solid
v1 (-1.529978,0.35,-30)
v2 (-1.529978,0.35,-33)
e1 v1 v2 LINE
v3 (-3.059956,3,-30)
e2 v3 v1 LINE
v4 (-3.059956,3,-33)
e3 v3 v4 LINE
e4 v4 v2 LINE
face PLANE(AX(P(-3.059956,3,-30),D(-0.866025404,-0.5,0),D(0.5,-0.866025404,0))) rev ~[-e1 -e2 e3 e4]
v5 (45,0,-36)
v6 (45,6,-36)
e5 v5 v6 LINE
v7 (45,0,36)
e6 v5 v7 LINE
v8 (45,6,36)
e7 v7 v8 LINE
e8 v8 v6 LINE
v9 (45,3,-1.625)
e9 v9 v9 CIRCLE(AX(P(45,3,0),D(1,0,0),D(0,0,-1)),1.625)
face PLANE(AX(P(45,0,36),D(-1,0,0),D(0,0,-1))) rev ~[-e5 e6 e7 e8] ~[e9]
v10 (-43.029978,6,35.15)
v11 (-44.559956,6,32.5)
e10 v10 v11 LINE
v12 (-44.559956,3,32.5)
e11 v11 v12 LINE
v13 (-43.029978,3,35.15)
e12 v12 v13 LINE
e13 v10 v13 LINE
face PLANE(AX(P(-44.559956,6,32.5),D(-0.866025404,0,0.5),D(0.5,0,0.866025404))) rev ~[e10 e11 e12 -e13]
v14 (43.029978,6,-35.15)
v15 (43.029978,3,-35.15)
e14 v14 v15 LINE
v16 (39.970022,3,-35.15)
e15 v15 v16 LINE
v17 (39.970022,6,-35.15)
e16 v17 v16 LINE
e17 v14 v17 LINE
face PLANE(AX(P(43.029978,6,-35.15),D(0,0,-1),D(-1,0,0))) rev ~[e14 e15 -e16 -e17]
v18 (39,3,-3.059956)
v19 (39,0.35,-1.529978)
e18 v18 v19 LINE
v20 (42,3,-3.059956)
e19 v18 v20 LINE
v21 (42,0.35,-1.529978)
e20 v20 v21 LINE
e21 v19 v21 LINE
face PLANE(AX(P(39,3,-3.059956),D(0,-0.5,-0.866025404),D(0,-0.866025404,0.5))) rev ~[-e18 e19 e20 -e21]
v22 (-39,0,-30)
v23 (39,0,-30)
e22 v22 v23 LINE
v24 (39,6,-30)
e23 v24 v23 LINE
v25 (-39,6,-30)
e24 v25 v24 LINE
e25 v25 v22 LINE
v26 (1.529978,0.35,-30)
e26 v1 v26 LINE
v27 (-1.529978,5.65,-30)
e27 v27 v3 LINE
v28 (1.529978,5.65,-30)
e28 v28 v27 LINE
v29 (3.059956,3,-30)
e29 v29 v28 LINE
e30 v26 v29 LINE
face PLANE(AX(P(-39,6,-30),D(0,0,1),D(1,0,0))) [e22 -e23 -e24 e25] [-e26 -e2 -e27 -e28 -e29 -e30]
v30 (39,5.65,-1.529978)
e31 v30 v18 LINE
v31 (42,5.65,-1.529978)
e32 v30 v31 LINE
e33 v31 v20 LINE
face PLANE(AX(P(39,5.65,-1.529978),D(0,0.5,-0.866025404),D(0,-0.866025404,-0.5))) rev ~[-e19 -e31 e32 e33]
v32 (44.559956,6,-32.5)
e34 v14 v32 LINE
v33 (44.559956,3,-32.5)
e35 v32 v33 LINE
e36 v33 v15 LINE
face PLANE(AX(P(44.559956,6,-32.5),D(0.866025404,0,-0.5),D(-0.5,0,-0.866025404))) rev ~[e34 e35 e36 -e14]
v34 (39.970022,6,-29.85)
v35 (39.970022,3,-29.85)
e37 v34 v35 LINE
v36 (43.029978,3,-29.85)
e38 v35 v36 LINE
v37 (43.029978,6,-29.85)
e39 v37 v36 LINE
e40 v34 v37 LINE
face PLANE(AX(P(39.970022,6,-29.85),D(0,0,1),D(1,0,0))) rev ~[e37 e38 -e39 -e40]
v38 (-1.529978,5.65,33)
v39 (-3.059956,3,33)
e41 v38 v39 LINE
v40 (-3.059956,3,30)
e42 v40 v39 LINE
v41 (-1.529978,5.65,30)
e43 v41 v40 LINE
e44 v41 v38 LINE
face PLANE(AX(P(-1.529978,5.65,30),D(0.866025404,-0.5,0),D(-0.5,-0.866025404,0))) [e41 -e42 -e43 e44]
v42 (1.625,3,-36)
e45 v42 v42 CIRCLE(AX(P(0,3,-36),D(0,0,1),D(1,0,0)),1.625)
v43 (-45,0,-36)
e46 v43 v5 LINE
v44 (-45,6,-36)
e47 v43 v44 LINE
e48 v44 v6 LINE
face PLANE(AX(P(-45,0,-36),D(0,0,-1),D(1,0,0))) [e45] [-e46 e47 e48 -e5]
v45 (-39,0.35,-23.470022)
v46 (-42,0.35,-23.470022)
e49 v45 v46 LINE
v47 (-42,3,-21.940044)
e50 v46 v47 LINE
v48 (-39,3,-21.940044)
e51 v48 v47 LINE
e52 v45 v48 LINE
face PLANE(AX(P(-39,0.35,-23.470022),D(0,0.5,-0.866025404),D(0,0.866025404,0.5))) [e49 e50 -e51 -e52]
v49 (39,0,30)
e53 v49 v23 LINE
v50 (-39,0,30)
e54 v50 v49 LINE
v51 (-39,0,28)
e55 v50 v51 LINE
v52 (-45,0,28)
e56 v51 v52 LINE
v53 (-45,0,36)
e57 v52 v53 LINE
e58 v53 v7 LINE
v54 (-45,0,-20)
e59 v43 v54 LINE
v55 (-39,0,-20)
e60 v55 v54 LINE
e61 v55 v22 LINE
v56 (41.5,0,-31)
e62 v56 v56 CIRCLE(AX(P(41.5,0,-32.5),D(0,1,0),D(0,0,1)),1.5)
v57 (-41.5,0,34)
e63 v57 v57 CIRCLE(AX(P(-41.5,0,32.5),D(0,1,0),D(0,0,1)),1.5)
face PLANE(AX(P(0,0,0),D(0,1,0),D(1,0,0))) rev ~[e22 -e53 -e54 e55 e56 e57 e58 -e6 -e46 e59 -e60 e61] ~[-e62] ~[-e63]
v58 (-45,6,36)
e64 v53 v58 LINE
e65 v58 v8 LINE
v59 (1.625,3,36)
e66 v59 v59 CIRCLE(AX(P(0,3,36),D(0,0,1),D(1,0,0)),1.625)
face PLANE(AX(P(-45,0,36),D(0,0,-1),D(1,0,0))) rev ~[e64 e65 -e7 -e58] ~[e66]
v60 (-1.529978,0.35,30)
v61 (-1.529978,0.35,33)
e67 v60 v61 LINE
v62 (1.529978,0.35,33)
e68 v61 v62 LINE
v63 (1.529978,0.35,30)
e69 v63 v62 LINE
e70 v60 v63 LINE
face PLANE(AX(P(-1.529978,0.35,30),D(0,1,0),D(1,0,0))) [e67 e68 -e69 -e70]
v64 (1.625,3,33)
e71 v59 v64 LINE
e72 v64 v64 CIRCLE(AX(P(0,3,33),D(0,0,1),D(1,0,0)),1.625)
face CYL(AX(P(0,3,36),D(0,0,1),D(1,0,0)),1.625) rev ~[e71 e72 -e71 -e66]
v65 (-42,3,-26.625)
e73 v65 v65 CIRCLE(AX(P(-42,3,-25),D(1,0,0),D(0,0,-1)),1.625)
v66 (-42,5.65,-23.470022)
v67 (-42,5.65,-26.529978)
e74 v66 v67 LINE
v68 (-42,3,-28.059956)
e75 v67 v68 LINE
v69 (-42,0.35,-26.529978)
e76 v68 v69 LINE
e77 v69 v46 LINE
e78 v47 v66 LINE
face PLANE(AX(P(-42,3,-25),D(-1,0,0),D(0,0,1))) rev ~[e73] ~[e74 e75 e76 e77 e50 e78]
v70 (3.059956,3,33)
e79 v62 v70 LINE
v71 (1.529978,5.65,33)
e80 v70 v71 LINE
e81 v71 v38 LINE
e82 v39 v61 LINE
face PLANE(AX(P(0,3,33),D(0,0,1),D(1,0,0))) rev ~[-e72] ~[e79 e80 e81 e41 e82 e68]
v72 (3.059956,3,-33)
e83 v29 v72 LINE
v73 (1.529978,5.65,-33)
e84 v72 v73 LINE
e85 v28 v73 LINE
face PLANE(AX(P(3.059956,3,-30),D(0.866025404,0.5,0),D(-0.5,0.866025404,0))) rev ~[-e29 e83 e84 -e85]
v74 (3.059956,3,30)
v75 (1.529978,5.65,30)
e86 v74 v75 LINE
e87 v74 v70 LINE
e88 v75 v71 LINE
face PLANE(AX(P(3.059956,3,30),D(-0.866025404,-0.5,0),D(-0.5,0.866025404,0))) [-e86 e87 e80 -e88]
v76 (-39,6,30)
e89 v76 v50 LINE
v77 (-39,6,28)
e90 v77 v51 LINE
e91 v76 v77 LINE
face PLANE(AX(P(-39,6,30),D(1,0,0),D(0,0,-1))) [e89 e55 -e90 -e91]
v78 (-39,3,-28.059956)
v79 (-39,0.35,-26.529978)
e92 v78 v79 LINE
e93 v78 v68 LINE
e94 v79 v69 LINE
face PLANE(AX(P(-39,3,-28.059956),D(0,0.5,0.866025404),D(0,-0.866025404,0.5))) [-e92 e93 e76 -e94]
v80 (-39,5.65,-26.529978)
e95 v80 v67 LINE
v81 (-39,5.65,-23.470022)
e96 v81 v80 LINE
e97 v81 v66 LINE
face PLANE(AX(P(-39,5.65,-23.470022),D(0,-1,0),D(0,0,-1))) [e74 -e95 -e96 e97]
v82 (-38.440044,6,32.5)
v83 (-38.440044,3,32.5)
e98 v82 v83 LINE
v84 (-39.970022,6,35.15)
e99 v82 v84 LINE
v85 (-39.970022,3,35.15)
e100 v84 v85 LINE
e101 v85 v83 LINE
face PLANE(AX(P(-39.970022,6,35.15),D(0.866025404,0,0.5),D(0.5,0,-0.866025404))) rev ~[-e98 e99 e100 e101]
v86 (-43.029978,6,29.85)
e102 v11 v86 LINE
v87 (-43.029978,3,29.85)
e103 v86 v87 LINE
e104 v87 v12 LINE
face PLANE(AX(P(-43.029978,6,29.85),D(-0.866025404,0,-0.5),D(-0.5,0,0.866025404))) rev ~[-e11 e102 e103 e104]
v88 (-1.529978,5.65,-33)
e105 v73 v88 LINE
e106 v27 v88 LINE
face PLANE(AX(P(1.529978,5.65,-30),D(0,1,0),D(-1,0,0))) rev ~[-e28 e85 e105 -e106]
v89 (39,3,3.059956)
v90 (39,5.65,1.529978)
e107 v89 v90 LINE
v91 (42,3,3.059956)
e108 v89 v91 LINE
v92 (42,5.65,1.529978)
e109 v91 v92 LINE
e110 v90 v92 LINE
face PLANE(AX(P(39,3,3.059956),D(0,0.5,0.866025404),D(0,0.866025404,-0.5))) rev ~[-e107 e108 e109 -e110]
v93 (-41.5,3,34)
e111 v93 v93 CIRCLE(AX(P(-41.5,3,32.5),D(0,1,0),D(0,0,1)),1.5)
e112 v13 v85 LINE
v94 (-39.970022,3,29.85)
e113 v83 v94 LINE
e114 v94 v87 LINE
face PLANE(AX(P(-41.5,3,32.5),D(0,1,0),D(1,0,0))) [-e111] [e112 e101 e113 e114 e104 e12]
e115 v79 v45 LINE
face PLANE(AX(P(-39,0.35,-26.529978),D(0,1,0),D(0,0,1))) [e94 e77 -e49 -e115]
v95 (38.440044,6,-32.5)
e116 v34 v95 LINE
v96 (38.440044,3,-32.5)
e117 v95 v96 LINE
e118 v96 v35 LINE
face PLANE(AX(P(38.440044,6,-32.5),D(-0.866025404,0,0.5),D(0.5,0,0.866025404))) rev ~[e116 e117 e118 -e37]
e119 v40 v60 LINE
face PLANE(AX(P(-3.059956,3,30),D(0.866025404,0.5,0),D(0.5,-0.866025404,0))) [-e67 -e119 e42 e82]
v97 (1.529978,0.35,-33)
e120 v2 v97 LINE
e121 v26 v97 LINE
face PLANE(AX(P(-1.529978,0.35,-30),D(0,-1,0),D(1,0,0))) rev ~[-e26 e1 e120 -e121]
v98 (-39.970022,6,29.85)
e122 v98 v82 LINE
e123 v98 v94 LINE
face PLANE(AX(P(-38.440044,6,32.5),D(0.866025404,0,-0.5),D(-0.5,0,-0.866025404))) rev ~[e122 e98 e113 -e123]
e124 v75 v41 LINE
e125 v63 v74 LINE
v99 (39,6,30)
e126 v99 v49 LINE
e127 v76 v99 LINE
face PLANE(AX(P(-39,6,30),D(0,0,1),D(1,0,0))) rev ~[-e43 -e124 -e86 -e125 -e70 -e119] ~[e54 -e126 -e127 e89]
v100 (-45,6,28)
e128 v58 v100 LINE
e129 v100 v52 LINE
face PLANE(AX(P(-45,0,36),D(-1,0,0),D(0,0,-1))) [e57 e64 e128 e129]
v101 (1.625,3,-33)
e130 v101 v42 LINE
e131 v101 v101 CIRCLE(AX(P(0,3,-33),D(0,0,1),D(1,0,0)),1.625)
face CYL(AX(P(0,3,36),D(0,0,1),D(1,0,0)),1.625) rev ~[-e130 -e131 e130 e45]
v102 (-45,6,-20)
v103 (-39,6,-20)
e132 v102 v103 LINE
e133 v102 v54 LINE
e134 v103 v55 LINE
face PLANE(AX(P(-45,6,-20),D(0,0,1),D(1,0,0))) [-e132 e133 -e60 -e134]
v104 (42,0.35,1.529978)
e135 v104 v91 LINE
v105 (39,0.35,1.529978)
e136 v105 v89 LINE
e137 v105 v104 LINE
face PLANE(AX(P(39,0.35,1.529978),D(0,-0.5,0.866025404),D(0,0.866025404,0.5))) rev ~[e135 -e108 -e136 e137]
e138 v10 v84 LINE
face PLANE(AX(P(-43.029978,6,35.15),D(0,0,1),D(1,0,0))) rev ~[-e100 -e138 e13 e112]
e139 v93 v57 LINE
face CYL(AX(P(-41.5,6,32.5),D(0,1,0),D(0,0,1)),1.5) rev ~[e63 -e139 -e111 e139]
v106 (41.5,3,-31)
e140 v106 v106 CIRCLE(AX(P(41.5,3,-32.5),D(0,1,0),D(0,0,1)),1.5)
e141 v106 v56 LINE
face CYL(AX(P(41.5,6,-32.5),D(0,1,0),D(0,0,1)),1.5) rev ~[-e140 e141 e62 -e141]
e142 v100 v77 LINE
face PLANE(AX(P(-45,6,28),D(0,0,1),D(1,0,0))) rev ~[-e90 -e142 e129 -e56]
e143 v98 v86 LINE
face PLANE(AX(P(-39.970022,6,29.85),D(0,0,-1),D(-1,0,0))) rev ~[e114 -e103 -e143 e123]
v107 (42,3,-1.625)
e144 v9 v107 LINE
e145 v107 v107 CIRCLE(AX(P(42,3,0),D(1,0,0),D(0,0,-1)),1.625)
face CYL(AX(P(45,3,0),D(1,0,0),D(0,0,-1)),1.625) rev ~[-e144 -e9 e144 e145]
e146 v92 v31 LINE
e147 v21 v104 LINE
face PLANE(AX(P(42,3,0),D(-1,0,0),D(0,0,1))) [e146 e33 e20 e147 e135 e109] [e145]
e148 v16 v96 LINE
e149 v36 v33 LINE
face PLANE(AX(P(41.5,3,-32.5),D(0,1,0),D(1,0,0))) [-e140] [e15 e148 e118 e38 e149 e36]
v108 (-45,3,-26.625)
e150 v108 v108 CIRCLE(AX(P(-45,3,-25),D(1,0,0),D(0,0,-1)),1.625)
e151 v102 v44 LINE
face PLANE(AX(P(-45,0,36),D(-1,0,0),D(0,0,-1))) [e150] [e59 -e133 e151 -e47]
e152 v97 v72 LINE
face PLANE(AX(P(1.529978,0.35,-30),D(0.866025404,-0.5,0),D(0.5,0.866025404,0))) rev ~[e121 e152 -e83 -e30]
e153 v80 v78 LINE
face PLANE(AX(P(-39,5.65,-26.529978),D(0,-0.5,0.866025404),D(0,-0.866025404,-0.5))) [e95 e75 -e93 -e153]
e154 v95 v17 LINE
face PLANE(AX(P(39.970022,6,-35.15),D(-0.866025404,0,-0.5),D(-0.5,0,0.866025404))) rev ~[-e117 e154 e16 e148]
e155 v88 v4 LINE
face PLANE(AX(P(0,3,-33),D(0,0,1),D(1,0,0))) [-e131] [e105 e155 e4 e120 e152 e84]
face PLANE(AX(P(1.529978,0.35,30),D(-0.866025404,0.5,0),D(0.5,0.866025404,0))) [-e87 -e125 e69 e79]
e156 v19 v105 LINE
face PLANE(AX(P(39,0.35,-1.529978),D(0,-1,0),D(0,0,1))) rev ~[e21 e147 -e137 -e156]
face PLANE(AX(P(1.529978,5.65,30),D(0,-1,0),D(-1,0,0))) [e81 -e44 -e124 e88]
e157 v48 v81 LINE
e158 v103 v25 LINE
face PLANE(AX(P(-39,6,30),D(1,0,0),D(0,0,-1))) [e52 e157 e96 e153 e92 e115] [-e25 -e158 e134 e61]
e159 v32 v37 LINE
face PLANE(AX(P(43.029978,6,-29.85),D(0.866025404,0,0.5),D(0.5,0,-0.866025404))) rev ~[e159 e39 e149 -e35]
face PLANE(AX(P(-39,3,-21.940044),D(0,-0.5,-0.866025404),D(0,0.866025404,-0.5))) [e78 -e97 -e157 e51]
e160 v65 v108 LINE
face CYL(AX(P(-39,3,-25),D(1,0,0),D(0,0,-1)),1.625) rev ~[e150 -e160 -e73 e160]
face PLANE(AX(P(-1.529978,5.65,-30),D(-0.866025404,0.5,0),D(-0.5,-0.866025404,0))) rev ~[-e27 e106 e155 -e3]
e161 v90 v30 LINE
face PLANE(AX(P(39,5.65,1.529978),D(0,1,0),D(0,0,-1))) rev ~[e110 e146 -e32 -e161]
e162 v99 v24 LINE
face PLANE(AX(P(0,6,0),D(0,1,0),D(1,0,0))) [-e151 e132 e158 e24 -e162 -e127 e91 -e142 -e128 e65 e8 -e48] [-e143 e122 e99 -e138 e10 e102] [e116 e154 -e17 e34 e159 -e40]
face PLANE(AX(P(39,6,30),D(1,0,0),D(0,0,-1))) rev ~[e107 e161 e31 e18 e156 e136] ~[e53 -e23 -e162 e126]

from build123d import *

# Parameters (mm, degrees)
CROQUIS1_W              = 90
CROQUIS1_H              = 72
SALIENTE_EXTRUIR1_DEPTH = 6
CROQUIS2_R              = 1.5
CROQUIS2_W              = 78
CROQUIS2_H              = 60
CORTAR_EXTRUIR1_DEPTH   = 58.939623747
CORTAR_EXTRUIR2_DEPTH   = 3
CROQUIS4_R              = 1.625
CORTAR_EXTRUIR3_DEPTH   = 86.117565755
CORTAR_EXTRUIR4_REACH   = 99.118
CROQUIS5_R              = 1.625
CORTAR_EXTRUIR5_START   = -6
CROQUIS6_OUTSIDE_W      = 115.082
CROQUIS6_OUTSIDE_H      = 31.082
CROQUIS6_OUTSIDE_W_2    = 90
CROQUIS6_OUTSIDE_H_2    = 6
CORTAR_EXTRUIR5_DEPTH   = 3
CORTAR_EXTRUIR6_START   = -6
CORTAR_EXTRUIR6_DEPTH   = 3
CORTAR_EXTRUIR8_START   = -66
CROQUIS6_2_OUTSIDE_W    = 115.082
CROQUIS6_2_OUTSIDE_H    = 31.082
CROQUIS6_2_OUTSIDE_W_2  = 90
CROQUIS6_2_OUTSIDE_H_2  = 6
CORTAR_EXTRUIR8_DEPTH   = 3
CORTAR_EXTRUIR9_DEPTH   = 3
CORTAR_EXTRUIR10_REACH  = 93.586
CROQUIS10_R             = 1.625
CORTAR_EXTRUIR12_REACH  = 59.94
CROQUIS11_W             = 6
CROQUIS11_H             = 48


with BuildPart() as part:
    # Croquis1 → Saliente-Extruir1 (new body)
    with BuildSketch(Plane(origin=(0, 0, 0), x_dir=(1, 0, 0), z_dir=(0, 1, 0))):
        Rectangle(CROQUIS1_W, CROQUIS1_H)
    extrude(amount=SALIENTE_EXTRUIR1_DEPTH)

    # Croquis2 → Cortar-Extruir1 (cut, through all)
    with BuildSketch(Plane(origin=(0, 6, 0), x_dir=(1, 0, 0), z_dir=(0, 1, 0))):
        with Locations(Location((-41.5, -32.5, 0), (0, 0, 270))):
            Circle(CROQUIS2_R)
        with Locations(Location((41.5, 32.5, 0), (0, 0, 270))):
            Circle(CROQUIS2_R)
        Rectangle(CROQUIS2_W, CROQUIS2_H)
    extrude(amount=-CORTAR_EXTRUIR1_DEPTH, mode=Mode.SUBTRACT)

    # Croquis3 → Cortar-Extruir2 (cut)
    with BuildSketch(Plane(origin=(0, 6, 0), x_dir=(1, 0, 0), z_dir=(0, 1, 0))):
        Polygon((-39.970021787, -29.85), (-43.029978213, -29.85), (-44.559956427, -32.5), (-43.029978213, -35.15), (-39.970021787, -35.15), (-38.440043573, -32.5), align=None)
        Polygon((43.029978213, 35.15), (39.970021787, 35.15), (38.440043573, 32.5), (39.970021787, 29.85), (43.029978213, 29.85), (44.559956427, 32.5), align=None)
    extrude(amount=-CORTAR_EXTRUIR2_DEPTH, mode=Mode.SUBTRACT)

    # Croquis4 → Cortar-Extruir3 (cut, through all)
    with BuildSketch(Plane.XY.offset(36)):
        with Locations((0, 3)):
            Circle(CROQUIS4_R)
    extrude(amount=-CORTAR_EXTRUIR3_DEPTH, mode=Mode.SUBTRACT)

    # Croquis5 → Cortar-Extruir4 (cut, up to next)
    with BuildSketch(Plane(origin=(45, 0, 0), x_dir=(0, 0, -1), z_dir=(1, 0, 0)), mode=Mode.PRIVATE) as cortar_extruir4_sk1:
        with Locations((0, 3)):
            Circle(CROQUIS5_R)
    cortar_extruir4_tool1 = extrude(cortar_extruir4_sk1.sketch, amount=-CORTAR_EXTRUIR4_REACH, mode=Mode.PRIVATE) & part.part
    add(cortar_extruir4_tool1.solids().sort_by_distance((45, 3, 0))[0], mode=Mode.SUBTRACT)

    # Croquis6 outside → Cortar-Extruir5 (cut)
    # profile 1 of 2: a face of its own
    with BuildSketch(Plane.XY.offset(36).offset(CORTAR_EXTRUIR5_START)):
        with Locations((0, 3)):
            Rectangle(CROQUIS6_OUTSIDE_W, CROQUIS6_OUTSIDE_H)
        with Locations((0, 3)):
            Rectangle(CROQUIS6_OUTSIDE_W_2, CROQUIS6_OUTSIDE_H_2, mode=Mode.SUBTRACT)
    # profile 2 of 2: a face of its own
    with BuildSketch(Plane.XY.offset(36).offset(CORTAR_EXTRUIR5_START)):
        Polygon((1.529978213, 5.65), (-1.529978213, 5.65), (-3.059956427, 3), (-1.529978213, 0.35), (1.529978213, 0.35), (3.059956427, 3), align=None)
    extrude(amount=CORTAR_EXTRUIR5_DEPTH, mode=Mode.SUBTRACT)

    # Croquis8 → Cortar-Extruir6 (cut)
    with BuildSketch(Plane.ZY.offset(45).offset(CORTAR_EXTRUIR6_START)):
        Polygon((-23.470021787, 5.65), (-26.529978213, 5.65), (-28.059956427, 3), (-26.529978213, 0.35), (-23.470021787, 0.35), (-21.940043573, 3), align=None)
    extrude(amount=CORTAR_EXTRUIR6_DEPTH, mode=Mode.SUBTRACT)

    # Croquis6<2> outside → Cortar-Extruir8 (cut)
    # profile 1 of 2: a face of its own
    with BuildSketch(Plane.XY.offset(36).offset(CORTAR_EXTRUIR8_START)):
        with Locations((0, 3)):
            Rectangle(CROQUIS6_2_OUTSIDE_W, CROQUIS6_2_OUTSIDE_H)
        with Locations((0, 3)):
            Rectangle(CROQUIS6_2_OUTSIDE_W_2, CROQUIS6_2_OUTSIDE_H_2, mode=Mode.SUBTRACT)
    # profile 2 of 2: a face of its own
    with BuildSketch(Plane.XY.offset(36).offset(CORTAR_EXTRUIR8_START)):
        Polygon((1.529978213, 5.65), (-1.529978213, 5.65), (-3.059956427, 3), (-1.529978213, 0.35), (1.529978213, 0.35), (3.059956427, 3), align=None)
    extrude(amount=-CORTAR_EXTRUIR8_DEPTH, mode=Mode.SUBTRACT)

    # Croquis9 → Cortar-Extruir9 (cut)
    with BuildSketch(Plane.ZY.offset(-39)):
        Polygon((1.529978213, 5.65), (-1.529978213, 5.65), (-3.059956427, 3), (-1.529978213, 0.35), (1.529978213, 0.35), (3.059956427, 3), align=None)
    extrude(amount=-CORTAR_EXTRUIR9_DEPTH, mode=Mode.SUBTRACT)

    # Croquis10 → Cortar-Extruir10 (cut, up to next)
    with BuildSketch(Plane(origin=(-39, 0, 0), x_dir=(0, 0, -1), z_dir=(1, 0, 0)), mode=Mode.PRIVATE) as cortar_extruir10_sk1:
        with Locations((25, 3)):
            Circle(CROQUIS10_R)
    cortar_extruir10_tool1 = extrude(cortar_extruir10_sk1.sketch, amount=-CORTAR_EXTRUIR10_REACH, mode=Mode.PRIVATE) & part.part
    add(cortar_extruir10_tool1.solids().sort_by_distance((-39, 3, -25))[0], mode=Mode.SUBTRACT)

    # Croquis11 → Cortar-Extruir12 (cut, up to next)
    with BuildSketch(Plane(origin=(0, 6, 0), x_dir=(1, 0, 0), z_dir=(0, 1, 0)), mode=Mode.PRIVATE) as cortar_extruir12_sk1:
        with Locations((-42, -4)):
            Rectangle(CROQUIS11_W, CROQUIS11_H)
    cortar_extruir12_tool1 = extrude(cortar_extruir12_sk1.sketch, amount=-CORTAR_EXTRUIR12_REACH, mode=Mode.PRIVATE) & part.part
    add(cortar_extruir12_tool1.solids().sort_by_distance((-42, 6, 4))[0], mode=Mode.SUBTRACT)


solid = part.part
